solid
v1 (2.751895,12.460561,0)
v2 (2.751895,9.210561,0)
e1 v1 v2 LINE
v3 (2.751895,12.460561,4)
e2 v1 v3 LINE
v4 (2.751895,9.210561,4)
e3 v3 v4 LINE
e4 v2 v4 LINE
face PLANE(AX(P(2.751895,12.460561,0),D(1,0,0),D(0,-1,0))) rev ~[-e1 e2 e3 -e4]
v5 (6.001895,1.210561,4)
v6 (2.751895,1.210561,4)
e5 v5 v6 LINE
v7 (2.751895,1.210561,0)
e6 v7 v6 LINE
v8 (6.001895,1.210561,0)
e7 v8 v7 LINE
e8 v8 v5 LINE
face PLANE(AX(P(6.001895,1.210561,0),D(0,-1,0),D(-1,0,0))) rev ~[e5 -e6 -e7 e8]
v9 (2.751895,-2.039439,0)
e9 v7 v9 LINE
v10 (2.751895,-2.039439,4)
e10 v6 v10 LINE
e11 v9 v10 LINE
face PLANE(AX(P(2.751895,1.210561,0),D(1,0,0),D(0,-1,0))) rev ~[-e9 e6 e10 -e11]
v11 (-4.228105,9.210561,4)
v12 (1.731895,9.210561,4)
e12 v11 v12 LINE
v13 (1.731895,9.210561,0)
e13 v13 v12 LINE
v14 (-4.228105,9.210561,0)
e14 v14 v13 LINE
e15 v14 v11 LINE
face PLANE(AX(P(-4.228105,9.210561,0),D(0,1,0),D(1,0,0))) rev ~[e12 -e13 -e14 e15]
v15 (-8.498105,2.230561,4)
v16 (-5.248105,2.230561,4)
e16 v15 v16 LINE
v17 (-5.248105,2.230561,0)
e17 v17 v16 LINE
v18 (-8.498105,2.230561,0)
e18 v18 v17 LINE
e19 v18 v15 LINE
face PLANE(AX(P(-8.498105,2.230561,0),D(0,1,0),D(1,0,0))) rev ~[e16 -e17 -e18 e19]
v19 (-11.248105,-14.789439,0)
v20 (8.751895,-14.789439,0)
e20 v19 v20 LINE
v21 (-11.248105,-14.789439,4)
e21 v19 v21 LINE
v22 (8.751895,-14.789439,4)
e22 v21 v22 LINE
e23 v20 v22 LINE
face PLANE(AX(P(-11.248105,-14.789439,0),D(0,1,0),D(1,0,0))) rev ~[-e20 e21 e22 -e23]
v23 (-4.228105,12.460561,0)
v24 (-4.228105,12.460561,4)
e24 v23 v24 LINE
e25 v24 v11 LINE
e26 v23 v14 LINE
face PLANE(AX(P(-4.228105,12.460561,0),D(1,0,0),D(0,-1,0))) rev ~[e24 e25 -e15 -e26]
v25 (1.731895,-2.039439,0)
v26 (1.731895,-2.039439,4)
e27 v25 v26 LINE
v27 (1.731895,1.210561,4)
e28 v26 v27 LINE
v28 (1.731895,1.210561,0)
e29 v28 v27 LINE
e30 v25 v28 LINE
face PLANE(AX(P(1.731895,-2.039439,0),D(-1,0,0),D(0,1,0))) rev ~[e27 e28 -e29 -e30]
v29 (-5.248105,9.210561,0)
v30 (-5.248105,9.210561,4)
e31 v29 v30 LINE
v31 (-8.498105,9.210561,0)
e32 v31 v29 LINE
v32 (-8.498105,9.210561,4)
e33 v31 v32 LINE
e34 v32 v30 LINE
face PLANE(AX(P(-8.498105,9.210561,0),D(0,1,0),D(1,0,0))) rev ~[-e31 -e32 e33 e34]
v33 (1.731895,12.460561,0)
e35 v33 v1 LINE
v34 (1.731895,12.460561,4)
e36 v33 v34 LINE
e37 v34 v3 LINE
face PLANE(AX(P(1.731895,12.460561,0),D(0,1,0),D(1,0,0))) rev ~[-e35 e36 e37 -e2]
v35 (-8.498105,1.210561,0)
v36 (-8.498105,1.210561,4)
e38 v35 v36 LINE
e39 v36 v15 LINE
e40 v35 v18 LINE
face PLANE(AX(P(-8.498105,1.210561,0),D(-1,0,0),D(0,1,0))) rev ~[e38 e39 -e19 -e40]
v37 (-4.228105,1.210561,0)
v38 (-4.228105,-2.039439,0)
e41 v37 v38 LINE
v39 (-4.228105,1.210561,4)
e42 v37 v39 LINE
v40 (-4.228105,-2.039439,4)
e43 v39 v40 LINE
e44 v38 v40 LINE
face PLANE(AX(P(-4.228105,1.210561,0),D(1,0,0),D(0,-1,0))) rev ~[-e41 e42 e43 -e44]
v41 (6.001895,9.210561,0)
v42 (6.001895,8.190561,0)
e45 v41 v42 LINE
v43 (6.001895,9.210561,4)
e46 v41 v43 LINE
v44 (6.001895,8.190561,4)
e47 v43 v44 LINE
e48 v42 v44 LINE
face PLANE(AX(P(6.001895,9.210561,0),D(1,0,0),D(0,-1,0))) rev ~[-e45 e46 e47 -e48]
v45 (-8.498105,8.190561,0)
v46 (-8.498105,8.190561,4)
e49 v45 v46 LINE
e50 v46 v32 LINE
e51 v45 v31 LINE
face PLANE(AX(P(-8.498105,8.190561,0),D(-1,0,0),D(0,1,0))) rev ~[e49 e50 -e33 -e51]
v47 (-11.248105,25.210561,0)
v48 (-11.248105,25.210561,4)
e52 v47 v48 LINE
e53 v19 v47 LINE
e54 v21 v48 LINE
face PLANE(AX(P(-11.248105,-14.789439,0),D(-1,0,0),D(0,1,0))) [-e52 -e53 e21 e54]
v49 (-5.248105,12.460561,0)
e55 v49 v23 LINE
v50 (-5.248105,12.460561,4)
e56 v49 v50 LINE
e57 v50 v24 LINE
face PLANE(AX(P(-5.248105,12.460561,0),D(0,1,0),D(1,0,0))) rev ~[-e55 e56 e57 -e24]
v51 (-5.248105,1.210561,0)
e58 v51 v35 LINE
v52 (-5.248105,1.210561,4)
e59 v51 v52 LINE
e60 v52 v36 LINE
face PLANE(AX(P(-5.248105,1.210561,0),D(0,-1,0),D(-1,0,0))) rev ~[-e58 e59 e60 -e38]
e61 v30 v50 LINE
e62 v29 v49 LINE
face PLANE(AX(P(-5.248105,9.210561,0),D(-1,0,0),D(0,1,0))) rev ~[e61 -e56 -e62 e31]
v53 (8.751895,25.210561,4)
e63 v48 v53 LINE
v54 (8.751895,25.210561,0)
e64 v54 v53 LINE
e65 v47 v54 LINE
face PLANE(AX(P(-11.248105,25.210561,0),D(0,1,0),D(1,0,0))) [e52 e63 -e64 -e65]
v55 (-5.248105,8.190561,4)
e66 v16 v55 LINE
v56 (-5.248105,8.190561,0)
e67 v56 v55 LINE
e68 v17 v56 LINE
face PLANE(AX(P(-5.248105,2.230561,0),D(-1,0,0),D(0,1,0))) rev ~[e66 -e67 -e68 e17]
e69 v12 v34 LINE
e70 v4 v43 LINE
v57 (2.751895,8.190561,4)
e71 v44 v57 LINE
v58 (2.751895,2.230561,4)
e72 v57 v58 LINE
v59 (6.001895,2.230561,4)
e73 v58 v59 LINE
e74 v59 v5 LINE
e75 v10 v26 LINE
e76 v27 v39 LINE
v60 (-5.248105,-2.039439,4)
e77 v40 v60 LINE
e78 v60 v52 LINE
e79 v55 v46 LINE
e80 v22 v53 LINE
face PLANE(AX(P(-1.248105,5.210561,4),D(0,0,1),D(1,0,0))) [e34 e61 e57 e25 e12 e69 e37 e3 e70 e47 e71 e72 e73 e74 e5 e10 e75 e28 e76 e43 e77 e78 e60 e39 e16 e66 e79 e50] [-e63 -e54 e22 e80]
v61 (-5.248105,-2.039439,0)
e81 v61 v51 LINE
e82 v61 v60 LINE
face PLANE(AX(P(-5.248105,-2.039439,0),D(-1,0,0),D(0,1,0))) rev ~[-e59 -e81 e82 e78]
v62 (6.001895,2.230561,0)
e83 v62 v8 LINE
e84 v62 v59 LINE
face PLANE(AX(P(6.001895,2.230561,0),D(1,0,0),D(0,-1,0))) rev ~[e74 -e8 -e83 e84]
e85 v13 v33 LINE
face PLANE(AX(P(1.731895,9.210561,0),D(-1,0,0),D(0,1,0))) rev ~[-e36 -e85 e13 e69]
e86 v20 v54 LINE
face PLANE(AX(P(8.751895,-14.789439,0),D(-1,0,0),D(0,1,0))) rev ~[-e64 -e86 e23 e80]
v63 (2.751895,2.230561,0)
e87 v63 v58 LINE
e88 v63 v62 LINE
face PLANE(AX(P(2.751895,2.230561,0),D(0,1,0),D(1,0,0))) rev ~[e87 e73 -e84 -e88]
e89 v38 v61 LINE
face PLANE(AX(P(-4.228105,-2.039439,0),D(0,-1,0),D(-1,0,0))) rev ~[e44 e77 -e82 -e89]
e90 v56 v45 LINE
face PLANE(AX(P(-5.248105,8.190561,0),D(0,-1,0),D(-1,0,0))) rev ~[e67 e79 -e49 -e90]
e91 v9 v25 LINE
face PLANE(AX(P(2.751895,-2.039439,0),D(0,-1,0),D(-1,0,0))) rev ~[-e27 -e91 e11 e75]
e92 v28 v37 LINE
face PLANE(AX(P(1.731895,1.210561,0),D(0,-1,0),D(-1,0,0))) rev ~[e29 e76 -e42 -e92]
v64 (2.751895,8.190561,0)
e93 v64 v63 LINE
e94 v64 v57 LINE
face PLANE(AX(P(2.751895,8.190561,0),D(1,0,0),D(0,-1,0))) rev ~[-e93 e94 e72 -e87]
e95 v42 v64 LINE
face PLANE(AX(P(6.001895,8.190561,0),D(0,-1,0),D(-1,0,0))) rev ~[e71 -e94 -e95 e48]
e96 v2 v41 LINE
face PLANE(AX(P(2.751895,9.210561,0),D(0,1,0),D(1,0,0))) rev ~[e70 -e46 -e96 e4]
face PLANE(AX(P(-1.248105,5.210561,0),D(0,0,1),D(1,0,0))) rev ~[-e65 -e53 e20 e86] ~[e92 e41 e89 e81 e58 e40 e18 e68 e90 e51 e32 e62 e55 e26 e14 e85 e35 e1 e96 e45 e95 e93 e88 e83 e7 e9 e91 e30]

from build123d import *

# Parameters (mm, degrees)
F0_W     = 20
F0_H     = 40
F1_DEPTH = 4


with BuildPart() as f1:
    # F0 (on Top) → F1 (new body)
    with BuildSketch(Plane.XY):
        with Locations((-1.248105, 5.210561)):
            Rectangle(F0_W, F0_H)
        Polygon((-4.228105, 12.460561), (-4.228105, 9.210561), (1.731895, 9.210561), (1.731895, 12.460561), (2.751895, 12.460561), (2.751895, 9.210561), (6.001895, 9.210561), (6.001895, 8.190561), (2.751895, 8.190561), (2.751895, 2.230561), (6.001895, 2.230561), (6.001895, 1.210561), (2.751895, 1.210561), (2.751895, -2.039439), (1.731895, -2.039439), (1.731895, 1.210561), (-4.228105, 1.210561), (-4.228105, -2.039439), (-5.248105, -2.039439), (-5.248105, 1.210561), (-8.498105, 1.210561), (-8.498105, 2.230561), (-5.248105, 2.230561), (-5.248105, 8.190561), (-8.498105, 8.190561), (-8.498105, 9.210561), (-5.248105, 9.210561), (-5.248105, 12.460561), align=None, mode=Mode.SUBTRACT)
    extrude(amount=F1_DEPTH)


solid = f1.part
